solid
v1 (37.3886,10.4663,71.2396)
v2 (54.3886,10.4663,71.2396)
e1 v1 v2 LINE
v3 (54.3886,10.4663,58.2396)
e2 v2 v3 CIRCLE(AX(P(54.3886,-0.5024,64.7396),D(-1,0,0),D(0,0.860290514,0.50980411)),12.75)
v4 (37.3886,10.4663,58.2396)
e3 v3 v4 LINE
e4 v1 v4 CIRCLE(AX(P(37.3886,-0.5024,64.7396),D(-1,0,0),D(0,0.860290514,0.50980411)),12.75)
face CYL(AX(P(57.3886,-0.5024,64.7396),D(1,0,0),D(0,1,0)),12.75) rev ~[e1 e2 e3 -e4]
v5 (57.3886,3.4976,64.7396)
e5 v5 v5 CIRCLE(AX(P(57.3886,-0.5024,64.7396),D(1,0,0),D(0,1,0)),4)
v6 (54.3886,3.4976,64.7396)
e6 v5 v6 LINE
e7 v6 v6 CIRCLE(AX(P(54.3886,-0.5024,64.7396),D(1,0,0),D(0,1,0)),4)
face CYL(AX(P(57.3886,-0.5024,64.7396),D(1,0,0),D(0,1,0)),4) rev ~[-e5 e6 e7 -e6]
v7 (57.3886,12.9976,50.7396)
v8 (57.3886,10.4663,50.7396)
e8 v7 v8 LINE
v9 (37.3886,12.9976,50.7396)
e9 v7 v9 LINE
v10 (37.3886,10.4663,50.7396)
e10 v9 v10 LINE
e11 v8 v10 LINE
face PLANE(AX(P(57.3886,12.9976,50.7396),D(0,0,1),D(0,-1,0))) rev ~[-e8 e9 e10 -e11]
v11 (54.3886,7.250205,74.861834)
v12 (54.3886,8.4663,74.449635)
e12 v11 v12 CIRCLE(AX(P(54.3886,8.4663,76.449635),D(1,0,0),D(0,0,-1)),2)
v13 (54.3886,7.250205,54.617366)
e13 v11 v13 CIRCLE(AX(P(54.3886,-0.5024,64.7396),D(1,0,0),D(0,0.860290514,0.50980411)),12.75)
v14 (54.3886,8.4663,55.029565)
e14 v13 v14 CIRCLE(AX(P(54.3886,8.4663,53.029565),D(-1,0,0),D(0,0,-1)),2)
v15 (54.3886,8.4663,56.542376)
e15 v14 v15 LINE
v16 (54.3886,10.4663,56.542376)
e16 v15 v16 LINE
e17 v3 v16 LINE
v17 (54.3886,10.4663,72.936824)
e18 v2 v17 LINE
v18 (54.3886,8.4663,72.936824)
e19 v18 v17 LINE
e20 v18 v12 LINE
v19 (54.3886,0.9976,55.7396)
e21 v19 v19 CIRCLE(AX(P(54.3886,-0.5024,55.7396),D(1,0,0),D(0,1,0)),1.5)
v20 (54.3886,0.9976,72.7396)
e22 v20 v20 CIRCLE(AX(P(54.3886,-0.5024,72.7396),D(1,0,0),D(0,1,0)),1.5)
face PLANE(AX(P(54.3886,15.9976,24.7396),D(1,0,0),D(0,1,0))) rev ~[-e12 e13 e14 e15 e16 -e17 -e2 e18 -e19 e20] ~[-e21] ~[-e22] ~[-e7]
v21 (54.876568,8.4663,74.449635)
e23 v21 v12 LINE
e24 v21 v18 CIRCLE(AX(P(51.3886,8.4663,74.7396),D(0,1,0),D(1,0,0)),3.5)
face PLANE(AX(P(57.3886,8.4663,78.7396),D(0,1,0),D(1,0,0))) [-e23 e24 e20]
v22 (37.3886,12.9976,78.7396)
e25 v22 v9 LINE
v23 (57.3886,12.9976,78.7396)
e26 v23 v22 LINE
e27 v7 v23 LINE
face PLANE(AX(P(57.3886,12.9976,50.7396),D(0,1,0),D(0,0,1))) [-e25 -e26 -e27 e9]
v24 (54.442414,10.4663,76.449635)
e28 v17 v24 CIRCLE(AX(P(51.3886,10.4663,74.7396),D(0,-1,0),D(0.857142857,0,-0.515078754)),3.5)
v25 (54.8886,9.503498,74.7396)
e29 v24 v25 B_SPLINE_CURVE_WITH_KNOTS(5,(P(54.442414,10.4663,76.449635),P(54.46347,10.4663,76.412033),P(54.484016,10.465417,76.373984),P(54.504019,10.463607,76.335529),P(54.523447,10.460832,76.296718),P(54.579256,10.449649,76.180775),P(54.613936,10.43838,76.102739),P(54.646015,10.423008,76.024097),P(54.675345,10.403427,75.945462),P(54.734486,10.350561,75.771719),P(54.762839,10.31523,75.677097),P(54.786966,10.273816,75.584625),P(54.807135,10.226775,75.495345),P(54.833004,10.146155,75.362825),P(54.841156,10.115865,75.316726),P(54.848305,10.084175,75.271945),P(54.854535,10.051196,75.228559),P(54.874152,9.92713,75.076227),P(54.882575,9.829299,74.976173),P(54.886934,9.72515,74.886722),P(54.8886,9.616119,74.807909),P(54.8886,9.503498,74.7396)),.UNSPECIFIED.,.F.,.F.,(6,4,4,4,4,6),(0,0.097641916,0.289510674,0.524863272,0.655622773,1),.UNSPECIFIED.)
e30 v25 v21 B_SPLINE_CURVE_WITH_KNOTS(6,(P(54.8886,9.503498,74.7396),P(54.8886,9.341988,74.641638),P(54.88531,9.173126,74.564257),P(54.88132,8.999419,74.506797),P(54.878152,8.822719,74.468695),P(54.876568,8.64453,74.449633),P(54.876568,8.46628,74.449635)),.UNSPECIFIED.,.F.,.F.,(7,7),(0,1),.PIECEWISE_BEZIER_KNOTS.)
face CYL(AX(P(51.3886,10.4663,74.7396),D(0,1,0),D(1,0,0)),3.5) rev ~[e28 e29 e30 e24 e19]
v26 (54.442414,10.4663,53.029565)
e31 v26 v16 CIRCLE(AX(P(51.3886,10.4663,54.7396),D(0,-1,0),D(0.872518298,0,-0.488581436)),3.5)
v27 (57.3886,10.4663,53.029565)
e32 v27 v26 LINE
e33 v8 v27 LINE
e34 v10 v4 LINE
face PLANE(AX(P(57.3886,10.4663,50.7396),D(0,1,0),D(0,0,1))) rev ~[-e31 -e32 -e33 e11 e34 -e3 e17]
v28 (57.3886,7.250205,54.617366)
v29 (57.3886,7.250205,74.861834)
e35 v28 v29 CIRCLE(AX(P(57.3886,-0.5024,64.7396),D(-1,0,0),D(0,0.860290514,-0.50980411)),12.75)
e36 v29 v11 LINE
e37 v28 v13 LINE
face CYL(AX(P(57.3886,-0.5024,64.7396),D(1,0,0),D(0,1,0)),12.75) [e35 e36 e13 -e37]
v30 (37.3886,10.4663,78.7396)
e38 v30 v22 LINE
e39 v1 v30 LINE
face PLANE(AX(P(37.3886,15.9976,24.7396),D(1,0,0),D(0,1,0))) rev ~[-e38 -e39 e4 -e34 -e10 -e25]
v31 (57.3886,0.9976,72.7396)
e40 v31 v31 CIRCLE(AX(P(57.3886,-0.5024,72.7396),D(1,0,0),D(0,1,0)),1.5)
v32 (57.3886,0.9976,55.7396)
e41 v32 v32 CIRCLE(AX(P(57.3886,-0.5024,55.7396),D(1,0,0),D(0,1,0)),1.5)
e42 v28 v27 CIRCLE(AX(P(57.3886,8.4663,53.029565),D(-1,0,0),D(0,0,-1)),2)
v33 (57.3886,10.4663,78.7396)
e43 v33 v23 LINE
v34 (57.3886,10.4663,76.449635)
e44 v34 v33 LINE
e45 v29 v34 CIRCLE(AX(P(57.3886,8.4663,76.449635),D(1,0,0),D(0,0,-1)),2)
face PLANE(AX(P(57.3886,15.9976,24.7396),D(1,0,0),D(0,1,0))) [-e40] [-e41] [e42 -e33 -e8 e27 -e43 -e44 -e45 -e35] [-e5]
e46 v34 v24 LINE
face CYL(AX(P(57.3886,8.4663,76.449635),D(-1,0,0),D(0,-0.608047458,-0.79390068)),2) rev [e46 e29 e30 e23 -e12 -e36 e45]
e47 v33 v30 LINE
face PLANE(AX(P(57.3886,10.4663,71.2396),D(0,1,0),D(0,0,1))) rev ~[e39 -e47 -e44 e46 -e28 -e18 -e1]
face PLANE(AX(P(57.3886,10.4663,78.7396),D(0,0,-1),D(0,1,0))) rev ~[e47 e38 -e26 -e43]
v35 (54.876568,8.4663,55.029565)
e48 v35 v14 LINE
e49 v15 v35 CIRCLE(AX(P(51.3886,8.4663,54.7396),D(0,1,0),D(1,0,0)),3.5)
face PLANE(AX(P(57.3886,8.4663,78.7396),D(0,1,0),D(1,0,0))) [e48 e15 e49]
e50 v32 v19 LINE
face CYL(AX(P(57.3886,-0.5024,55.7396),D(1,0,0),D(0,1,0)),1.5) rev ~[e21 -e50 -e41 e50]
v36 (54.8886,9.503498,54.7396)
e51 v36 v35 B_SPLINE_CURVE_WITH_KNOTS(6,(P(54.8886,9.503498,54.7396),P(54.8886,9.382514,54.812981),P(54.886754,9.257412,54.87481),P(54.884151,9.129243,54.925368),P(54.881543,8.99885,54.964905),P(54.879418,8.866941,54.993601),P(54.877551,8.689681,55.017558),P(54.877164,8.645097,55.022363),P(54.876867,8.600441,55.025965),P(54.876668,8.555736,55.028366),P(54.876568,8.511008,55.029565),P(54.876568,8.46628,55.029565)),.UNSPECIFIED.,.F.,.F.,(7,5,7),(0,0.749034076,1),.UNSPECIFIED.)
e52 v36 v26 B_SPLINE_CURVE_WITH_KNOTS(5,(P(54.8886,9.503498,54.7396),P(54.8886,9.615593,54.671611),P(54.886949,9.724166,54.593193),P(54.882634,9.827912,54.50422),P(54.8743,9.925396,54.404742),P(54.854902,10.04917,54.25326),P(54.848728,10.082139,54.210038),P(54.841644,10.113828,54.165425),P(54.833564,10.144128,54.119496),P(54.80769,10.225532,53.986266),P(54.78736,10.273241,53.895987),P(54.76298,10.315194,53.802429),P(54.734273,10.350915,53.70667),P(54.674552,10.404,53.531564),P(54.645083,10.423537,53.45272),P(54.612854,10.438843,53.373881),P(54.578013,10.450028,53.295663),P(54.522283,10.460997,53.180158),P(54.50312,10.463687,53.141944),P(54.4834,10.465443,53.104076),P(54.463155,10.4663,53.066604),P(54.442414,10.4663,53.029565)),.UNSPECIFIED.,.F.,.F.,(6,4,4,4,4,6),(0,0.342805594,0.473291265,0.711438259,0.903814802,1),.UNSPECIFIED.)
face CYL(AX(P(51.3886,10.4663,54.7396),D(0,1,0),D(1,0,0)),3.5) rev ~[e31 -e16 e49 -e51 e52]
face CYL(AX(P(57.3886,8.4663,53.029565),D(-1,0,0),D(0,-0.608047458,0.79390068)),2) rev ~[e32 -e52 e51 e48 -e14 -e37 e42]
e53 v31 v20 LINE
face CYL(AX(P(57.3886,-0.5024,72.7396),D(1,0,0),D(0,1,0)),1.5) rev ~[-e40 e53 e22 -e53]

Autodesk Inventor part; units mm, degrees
ref_plane "YZ Plane" through (0, 0, 0) normal (1, 0, 0) x (0, 1, 0)
ref_plane "XZ Plane" through (0, 0, 0) normal (0, 1, 0) x (-1, 0, 0)
ref_plane "XY Plane" through (0, 0, 0) normal (0, 0, 1) x (1, 0, 0)
ref_plane "РабПлоскость1" through (57.3886, 15.9976, 24.7396) normal (1, 0, 0) x (0, 1, 0)
sketch "Эскиз1" plane through (57.3886, 15.9976, 24.7396) normal (1, 0, 0) x (0, 1, 0)
  circle A0 centre (-16.5, 48) radius 1.5
  circle A1 centre (-16.5, 31) radius 1.5
  circle A2 centre (-16.5, 40) radius 4
  line L0 (-3, 26) -> (-3, 54)
  circle A3 centre (-16.5, 40) radius 12.75
  line L1 (-3, 54) -> (-3, 26)
  line L2 (-3, 27.25) -> (-3, 52.75)
  line L3 (-3, 26) -> (-29.25, 26)
  line L4 (-29.25, 26) -> (-29.25, 54)
  line L5 (-29.25, 54) -> (-3, 54)
  line L6 (-3, 54) -> (-3, 26)
  line L7 (-5.5313, 46.5) -> (-5.5313, 54)
  line L8 (-3, 54) -> (-3, 26)
  line L9 (-5.5313, 26) -> (-5.5313, 33.5)
  point P0 (-15.9976, -24.7396)
  point P1 (-3, 26)
  dimension "d15" = 25.5
extrude "Выдавливание1" add sketch "Эскиз1" against normal blind 3 contours A3
extrude "Выдавливание2" add sketch "Эскиз1" against normal blind 20 contours L3 L9 A3 L7 L5 L0
fillet "Сопряжение1" radius 2 1 edges at (55.8886, 10.4663, 58.2396)
fillet "Сопряжение2" radius 2 1 edges at (55.8886, 10.4663, 71.2396)
sketch "Эскиз2" plane through (57.3886, 12.9976, 78.7396) normal (0, 1, 0) x (1, 0, 0)
  point P0 (-57.3886, 78.7396)
sketch "Эскиз4" plane through (57.3886, 12.9976, 78.7396) normal (0, 1, 0) x (1, 0, 0)
  circle A0 centre (-6, 24) radius 1.5 projected
  circle A1 centre (-6, 24) radius 3.5
  circle A2 centre (-6, 4) radius 1.5 projected
  circle A3 centre (-6, 4) radius 3.5
  circle A4 centre (-16, 4) radius 1.5 projected
  circle A5 centre (-16, 4) radius 3.5
  circle A6 centre (-16, 24) radius 1.5 projected
  circle A7 centre (-16, 24) radius 3.5
  point P0 (-57.3886, 78.7396)
  dimension "d33" = 7
  dimension "d34" = 7
  dimension "d35" = 7
  dimension "d36" = 7
extrude "Выдавливание5" cut sketch "Эскиз4" against normal blind 2 from surface at -2.5313
properties part number "крепёж_мотора_прототип"
